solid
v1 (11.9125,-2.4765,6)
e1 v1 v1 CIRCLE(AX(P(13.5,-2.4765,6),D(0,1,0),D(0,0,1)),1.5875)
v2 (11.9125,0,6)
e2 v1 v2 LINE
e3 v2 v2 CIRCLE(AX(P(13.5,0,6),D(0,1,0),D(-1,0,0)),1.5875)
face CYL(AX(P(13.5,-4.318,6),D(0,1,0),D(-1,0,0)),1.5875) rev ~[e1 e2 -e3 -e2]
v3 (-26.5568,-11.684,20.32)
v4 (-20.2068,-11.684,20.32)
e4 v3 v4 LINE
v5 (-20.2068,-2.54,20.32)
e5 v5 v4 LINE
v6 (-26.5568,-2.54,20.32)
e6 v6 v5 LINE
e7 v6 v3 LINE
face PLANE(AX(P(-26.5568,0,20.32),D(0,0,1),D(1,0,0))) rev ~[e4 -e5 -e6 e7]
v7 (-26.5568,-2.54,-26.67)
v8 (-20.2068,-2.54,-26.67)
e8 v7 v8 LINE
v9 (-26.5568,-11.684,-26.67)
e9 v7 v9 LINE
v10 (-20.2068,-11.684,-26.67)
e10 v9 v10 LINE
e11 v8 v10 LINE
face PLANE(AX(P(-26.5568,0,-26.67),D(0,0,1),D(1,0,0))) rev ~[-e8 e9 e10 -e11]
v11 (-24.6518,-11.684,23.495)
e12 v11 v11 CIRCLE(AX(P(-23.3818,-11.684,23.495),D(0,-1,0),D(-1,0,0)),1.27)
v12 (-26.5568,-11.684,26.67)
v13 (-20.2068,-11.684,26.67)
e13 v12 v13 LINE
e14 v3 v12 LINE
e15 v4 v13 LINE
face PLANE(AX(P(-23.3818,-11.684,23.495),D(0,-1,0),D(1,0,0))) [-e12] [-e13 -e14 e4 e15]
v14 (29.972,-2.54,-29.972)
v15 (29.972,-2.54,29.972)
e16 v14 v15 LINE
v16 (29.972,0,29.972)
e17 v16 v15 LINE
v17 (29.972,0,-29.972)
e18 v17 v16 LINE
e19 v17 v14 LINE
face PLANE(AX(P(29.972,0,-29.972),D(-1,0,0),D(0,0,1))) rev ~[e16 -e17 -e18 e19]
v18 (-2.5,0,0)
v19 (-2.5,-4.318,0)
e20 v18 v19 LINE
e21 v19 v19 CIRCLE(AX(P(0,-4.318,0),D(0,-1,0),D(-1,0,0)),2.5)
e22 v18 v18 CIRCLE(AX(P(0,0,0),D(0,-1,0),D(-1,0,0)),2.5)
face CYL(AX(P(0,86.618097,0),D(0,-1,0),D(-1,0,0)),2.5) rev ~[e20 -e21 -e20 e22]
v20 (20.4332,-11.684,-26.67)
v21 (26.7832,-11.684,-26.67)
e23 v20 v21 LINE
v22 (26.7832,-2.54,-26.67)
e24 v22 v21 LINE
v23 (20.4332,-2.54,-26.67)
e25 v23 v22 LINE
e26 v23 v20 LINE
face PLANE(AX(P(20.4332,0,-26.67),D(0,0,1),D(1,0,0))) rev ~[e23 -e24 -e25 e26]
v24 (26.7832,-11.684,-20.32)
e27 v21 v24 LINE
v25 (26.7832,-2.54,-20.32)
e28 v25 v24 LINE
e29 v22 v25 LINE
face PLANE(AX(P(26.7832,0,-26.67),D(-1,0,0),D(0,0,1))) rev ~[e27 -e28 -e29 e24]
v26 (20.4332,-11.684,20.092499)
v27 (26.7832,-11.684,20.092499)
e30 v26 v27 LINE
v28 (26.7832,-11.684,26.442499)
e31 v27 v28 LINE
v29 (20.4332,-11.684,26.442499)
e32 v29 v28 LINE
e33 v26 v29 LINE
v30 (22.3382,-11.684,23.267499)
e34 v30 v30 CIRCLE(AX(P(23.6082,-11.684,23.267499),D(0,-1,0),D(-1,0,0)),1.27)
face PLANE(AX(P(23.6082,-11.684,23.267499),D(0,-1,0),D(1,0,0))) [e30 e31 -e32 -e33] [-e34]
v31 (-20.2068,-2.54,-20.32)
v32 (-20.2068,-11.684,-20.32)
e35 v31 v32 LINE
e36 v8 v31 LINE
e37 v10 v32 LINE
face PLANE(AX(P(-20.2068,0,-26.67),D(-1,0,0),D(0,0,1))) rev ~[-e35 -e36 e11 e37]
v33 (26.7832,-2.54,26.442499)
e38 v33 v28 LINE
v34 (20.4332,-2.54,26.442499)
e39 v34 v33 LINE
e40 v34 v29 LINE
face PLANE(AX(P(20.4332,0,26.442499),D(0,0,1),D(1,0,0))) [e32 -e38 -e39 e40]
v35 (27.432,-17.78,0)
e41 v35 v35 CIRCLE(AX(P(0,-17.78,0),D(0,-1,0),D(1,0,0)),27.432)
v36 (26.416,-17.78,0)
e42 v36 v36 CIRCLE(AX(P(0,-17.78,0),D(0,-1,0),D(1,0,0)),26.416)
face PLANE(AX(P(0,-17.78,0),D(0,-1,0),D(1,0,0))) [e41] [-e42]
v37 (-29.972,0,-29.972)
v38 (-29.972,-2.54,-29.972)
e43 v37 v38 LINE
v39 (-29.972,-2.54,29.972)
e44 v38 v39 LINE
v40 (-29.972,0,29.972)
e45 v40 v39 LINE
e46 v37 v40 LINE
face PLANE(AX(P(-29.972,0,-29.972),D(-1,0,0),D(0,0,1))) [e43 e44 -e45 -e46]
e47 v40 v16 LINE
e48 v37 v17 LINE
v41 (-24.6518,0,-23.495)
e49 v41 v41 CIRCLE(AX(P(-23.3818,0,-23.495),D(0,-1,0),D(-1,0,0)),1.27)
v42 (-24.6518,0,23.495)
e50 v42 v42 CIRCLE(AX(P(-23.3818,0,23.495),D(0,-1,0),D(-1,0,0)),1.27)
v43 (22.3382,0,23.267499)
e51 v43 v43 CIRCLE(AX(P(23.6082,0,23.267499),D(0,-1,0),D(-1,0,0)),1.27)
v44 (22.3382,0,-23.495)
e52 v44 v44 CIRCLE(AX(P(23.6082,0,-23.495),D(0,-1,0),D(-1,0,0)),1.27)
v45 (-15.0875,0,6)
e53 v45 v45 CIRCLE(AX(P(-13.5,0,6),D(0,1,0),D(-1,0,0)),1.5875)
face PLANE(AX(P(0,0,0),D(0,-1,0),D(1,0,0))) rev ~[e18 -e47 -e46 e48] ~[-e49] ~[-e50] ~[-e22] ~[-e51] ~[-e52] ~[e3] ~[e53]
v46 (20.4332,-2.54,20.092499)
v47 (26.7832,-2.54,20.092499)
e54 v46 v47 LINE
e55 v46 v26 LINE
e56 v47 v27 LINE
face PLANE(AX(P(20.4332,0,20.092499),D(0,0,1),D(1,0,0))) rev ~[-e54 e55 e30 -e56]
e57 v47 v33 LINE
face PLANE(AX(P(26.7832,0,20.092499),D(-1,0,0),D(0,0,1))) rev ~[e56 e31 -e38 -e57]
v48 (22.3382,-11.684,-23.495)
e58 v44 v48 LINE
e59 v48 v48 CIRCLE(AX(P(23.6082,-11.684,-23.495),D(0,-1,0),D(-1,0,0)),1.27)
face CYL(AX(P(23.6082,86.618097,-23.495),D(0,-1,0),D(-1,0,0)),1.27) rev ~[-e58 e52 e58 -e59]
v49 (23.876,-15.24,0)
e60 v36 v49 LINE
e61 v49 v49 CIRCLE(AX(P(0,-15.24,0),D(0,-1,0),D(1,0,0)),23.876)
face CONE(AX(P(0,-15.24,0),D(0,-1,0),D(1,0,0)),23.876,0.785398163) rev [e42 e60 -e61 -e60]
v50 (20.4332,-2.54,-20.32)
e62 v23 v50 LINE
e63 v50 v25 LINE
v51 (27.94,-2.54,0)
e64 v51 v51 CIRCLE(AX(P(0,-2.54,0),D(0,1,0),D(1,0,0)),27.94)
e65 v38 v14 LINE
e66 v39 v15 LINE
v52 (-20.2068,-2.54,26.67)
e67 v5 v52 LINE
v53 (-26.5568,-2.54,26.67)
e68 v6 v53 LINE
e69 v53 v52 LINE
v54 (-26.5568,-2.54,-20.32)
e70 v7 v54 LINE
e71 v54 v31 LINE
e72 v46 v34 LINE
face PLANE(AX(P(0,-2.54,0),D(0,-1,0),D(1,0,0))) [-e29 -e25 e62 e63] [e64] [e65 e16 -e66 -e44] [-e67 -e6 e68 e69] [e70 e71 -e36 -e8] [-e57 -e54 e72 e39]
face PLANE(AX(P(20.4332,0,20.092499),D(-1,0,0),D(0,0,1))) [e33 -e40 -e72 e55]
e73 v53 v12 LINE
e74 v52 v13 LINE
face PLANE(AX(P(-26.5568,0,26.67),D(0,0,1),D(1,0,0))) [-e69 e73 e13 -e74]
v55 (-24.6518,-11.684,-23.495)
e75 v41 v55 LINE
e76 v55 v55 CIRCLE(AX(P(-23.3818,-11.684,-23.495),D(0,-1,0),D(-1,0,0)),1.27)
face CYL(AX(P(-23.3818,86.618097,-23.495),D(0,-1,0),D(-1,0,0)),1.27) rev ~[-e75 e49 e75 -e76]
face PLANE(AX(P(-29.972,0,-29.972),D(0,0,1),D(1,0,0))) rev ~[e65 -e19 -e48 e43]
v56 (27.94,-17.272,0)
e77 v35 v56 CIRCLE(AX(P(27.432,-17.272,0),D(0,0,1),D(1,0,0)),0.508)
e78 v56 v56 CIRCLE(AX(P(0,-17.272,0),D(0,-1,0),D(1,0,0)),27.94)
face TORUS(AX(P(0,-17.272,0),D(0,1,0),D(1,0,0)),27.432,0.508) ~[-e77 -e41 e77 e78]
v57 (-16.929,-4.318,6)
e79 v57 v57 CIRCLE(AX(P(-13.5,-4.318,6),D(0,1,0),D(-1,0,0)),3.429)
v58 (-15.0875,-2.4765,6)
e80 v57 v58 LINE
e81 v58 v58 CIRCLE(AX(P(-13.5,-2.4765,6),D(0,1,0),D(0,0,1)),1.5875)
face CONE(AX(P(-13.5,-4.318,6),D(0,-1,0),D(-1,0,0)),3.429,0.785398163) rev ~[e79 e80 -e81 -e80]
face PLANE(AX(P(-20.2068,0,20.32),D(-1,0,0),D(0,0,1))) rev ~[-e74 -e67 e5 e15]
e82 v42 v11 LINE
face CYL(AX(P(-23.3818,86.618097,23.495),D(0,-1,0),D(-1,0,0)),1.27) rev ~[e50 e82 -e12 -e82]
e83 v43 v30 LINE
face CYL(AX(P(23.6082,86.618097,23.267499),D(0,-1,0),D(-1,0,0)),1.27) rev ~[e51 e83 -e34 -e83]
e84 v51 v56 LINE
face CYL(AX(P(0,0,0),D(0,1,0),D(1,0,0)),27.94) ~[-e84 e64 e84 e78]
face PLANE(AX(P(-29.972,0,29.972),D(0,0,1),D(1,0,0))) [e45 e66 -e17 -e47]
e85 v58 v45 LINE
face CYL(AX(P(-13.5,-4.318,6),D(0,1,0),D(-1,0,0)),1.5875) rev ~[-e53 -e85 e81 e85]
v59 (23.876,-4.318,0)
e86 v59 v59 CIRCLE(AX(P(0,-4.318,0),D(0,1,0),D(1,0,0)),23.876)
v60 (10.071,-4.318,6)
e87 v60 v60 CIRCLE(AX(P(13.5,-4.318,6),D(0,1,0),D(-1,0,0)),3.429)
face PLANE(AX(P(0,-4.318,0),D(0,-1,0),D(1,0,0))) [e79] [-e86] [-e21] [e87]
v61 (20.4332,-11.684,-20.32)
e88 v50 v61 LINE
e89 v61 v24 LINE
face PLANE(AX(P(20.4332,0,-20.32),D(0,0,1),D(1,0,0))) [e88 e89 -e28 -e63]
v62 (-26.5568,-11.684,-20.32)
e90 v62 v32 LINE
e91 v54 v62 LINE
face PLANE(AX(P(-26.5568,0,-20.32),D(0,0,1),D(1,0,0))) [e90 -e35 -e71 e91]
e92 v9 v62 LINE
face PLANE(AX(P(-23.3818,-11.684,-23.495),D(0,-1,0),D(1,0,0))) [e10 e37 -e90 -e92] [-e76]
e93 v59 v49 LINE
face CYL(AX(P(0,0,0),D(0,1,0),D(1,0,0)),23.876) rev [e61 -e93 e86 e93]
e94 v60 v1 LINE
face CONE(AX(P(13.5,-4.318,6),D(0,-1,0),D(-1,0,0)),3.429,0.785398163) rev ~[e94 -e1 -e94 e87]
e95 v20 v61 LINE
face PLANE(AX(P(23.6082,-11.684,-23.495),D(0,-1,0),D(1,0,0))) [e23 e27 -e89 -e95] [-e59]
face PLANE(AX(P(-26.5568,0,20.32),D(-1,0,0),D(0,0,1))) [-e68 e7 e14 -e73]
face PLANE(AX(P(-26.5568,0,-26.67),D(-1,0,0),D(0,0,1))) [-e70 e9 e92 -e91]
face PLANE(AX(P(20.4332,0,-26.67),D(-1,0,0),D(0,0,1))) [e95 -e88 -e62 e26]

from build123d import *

# Parameters (mm, degrees)
F0_R            = 24.257
F1_DEPTH        = 4.318
F2_R            = 27.94
F2_R_2          = 23.876
F3_DEPTH        = 17.78
F0_W            = 59.944
F0_H            = 59.944
F0_W_2          = 6.35
F0_H_2          = 6.35
F5_DEPTH        = 2.54
F6_DEPTH        = 11.684
F7_D            = 2.54
F8_SIZE         = 2.54
F9_R            = 0.508
F11_D           = 3.175
F11_CSINK_D     = 6.858
F11_CSINK_ANGLE = 90
F12_D           = 5


with BuildPart() as f1:
    # F0 (on Front) → F1 (new body)
    with BuildSketch(Plane.XZ):
        Circle(F0_R)
    extrude(amount=F1_DEPTH)

    # F2 (on Front) → F3 (join)
    with BuildSketch(Plane.XZ):
        Circle(F2_R)
        Circle(F2_R_2, mode=Mode.SUBTRACT)
    extrude(amount=F3_DEPTH)

    # F0 (on Front) → F5 (join)
    with BuildSketch(Plane.XZ):
        Rectangle(F0_W, F0_H)
        with Locations((-23.3818002729, -23.495)):
            Rectangle(F0_W_2, F0_H_2, mode=Mode.SUBTRACT)
        Circle(F0_R, mode=Mode.SUBTRACT)
        with Locations((23.6081997271, -23.495)):
            Rectangle(F0_W_2, F0_H_2, mode=Mode.SUBTRACT)
        with Locations((-23.3818002729, 23.495)):
            Rectangle(F0_W_2, F0_H_2, mode=Mode.SUBTRACT)
        with Locations((23.6081997271, 23.2674991059)):
            Rectangle(F0_W_2, F0_H_2, mode=Mode.SUBTRACT)
    extrude(amount=F5_DEPTH)

    # F0 (on Front) → F6 (join)
    with BuildSketch(Plane.XZ):
        with Locations((-23.3818002729, -23.495)):
            Rectangle(F0_W_2, F0_H_2)
        with Locations((-23.3818002729, 23.495)):
            Rectangle(F0_W_2, F0_H_2)
        with Locations((23.6081997271, 23.2674991059)):
            Rectangle(F0_W_2, F0_H_2)
        with Locations((23.6081997271, -23.495)):
            Rectangle(F0_W_2, F0_H_2)
    extrude(amount=F6_DEPTH)

    # F7 (through all)
    with Locations(Plane(origin=(0, 0, 0), x_dir=(1, 0, 0), z_dir=(0, 1, 0))):
        with Locations((-23.3818002729, -23.495), (23.6081997271, -23.2674991059), (-23.3818002729, 23.495), (23.6081997271, 23.495)):
            Hole(F7_D / 2)

    # F8
    f8_edges = [f1.edges().sort_by_distance(p)[0] for p in [
        (-23.876, -17.78, 0),
    ]]
    chamfer(f8_edges, length=F8_SIZE)

    # F9
    f9_edges = [f1.edges().sort_by_distance(p)[0] for p in [
        (-27.94, -17.78, 0),
    ]]
    fillet(f9_edges, radius=F9_R)

    # F11 (through all)
    with Locations(Plane.XZ.offset(4.318)):
        with Locations((-13.5, 6), (13.5, 6)):
            CounterSinkHole(F11_D / 2, F11_CSINK_D / 2, counter_sink_angle=F11_CSINK_ANGLE)

    # F12 (through all)
    with Locations(Plane(origin=(0, 0, 0), x_dir=(1, 0, 0), z_dir=(0, 1, 0))):
        with Locations((0, 0)):
            Hole(F12_D / 2)


solid = f1.part
